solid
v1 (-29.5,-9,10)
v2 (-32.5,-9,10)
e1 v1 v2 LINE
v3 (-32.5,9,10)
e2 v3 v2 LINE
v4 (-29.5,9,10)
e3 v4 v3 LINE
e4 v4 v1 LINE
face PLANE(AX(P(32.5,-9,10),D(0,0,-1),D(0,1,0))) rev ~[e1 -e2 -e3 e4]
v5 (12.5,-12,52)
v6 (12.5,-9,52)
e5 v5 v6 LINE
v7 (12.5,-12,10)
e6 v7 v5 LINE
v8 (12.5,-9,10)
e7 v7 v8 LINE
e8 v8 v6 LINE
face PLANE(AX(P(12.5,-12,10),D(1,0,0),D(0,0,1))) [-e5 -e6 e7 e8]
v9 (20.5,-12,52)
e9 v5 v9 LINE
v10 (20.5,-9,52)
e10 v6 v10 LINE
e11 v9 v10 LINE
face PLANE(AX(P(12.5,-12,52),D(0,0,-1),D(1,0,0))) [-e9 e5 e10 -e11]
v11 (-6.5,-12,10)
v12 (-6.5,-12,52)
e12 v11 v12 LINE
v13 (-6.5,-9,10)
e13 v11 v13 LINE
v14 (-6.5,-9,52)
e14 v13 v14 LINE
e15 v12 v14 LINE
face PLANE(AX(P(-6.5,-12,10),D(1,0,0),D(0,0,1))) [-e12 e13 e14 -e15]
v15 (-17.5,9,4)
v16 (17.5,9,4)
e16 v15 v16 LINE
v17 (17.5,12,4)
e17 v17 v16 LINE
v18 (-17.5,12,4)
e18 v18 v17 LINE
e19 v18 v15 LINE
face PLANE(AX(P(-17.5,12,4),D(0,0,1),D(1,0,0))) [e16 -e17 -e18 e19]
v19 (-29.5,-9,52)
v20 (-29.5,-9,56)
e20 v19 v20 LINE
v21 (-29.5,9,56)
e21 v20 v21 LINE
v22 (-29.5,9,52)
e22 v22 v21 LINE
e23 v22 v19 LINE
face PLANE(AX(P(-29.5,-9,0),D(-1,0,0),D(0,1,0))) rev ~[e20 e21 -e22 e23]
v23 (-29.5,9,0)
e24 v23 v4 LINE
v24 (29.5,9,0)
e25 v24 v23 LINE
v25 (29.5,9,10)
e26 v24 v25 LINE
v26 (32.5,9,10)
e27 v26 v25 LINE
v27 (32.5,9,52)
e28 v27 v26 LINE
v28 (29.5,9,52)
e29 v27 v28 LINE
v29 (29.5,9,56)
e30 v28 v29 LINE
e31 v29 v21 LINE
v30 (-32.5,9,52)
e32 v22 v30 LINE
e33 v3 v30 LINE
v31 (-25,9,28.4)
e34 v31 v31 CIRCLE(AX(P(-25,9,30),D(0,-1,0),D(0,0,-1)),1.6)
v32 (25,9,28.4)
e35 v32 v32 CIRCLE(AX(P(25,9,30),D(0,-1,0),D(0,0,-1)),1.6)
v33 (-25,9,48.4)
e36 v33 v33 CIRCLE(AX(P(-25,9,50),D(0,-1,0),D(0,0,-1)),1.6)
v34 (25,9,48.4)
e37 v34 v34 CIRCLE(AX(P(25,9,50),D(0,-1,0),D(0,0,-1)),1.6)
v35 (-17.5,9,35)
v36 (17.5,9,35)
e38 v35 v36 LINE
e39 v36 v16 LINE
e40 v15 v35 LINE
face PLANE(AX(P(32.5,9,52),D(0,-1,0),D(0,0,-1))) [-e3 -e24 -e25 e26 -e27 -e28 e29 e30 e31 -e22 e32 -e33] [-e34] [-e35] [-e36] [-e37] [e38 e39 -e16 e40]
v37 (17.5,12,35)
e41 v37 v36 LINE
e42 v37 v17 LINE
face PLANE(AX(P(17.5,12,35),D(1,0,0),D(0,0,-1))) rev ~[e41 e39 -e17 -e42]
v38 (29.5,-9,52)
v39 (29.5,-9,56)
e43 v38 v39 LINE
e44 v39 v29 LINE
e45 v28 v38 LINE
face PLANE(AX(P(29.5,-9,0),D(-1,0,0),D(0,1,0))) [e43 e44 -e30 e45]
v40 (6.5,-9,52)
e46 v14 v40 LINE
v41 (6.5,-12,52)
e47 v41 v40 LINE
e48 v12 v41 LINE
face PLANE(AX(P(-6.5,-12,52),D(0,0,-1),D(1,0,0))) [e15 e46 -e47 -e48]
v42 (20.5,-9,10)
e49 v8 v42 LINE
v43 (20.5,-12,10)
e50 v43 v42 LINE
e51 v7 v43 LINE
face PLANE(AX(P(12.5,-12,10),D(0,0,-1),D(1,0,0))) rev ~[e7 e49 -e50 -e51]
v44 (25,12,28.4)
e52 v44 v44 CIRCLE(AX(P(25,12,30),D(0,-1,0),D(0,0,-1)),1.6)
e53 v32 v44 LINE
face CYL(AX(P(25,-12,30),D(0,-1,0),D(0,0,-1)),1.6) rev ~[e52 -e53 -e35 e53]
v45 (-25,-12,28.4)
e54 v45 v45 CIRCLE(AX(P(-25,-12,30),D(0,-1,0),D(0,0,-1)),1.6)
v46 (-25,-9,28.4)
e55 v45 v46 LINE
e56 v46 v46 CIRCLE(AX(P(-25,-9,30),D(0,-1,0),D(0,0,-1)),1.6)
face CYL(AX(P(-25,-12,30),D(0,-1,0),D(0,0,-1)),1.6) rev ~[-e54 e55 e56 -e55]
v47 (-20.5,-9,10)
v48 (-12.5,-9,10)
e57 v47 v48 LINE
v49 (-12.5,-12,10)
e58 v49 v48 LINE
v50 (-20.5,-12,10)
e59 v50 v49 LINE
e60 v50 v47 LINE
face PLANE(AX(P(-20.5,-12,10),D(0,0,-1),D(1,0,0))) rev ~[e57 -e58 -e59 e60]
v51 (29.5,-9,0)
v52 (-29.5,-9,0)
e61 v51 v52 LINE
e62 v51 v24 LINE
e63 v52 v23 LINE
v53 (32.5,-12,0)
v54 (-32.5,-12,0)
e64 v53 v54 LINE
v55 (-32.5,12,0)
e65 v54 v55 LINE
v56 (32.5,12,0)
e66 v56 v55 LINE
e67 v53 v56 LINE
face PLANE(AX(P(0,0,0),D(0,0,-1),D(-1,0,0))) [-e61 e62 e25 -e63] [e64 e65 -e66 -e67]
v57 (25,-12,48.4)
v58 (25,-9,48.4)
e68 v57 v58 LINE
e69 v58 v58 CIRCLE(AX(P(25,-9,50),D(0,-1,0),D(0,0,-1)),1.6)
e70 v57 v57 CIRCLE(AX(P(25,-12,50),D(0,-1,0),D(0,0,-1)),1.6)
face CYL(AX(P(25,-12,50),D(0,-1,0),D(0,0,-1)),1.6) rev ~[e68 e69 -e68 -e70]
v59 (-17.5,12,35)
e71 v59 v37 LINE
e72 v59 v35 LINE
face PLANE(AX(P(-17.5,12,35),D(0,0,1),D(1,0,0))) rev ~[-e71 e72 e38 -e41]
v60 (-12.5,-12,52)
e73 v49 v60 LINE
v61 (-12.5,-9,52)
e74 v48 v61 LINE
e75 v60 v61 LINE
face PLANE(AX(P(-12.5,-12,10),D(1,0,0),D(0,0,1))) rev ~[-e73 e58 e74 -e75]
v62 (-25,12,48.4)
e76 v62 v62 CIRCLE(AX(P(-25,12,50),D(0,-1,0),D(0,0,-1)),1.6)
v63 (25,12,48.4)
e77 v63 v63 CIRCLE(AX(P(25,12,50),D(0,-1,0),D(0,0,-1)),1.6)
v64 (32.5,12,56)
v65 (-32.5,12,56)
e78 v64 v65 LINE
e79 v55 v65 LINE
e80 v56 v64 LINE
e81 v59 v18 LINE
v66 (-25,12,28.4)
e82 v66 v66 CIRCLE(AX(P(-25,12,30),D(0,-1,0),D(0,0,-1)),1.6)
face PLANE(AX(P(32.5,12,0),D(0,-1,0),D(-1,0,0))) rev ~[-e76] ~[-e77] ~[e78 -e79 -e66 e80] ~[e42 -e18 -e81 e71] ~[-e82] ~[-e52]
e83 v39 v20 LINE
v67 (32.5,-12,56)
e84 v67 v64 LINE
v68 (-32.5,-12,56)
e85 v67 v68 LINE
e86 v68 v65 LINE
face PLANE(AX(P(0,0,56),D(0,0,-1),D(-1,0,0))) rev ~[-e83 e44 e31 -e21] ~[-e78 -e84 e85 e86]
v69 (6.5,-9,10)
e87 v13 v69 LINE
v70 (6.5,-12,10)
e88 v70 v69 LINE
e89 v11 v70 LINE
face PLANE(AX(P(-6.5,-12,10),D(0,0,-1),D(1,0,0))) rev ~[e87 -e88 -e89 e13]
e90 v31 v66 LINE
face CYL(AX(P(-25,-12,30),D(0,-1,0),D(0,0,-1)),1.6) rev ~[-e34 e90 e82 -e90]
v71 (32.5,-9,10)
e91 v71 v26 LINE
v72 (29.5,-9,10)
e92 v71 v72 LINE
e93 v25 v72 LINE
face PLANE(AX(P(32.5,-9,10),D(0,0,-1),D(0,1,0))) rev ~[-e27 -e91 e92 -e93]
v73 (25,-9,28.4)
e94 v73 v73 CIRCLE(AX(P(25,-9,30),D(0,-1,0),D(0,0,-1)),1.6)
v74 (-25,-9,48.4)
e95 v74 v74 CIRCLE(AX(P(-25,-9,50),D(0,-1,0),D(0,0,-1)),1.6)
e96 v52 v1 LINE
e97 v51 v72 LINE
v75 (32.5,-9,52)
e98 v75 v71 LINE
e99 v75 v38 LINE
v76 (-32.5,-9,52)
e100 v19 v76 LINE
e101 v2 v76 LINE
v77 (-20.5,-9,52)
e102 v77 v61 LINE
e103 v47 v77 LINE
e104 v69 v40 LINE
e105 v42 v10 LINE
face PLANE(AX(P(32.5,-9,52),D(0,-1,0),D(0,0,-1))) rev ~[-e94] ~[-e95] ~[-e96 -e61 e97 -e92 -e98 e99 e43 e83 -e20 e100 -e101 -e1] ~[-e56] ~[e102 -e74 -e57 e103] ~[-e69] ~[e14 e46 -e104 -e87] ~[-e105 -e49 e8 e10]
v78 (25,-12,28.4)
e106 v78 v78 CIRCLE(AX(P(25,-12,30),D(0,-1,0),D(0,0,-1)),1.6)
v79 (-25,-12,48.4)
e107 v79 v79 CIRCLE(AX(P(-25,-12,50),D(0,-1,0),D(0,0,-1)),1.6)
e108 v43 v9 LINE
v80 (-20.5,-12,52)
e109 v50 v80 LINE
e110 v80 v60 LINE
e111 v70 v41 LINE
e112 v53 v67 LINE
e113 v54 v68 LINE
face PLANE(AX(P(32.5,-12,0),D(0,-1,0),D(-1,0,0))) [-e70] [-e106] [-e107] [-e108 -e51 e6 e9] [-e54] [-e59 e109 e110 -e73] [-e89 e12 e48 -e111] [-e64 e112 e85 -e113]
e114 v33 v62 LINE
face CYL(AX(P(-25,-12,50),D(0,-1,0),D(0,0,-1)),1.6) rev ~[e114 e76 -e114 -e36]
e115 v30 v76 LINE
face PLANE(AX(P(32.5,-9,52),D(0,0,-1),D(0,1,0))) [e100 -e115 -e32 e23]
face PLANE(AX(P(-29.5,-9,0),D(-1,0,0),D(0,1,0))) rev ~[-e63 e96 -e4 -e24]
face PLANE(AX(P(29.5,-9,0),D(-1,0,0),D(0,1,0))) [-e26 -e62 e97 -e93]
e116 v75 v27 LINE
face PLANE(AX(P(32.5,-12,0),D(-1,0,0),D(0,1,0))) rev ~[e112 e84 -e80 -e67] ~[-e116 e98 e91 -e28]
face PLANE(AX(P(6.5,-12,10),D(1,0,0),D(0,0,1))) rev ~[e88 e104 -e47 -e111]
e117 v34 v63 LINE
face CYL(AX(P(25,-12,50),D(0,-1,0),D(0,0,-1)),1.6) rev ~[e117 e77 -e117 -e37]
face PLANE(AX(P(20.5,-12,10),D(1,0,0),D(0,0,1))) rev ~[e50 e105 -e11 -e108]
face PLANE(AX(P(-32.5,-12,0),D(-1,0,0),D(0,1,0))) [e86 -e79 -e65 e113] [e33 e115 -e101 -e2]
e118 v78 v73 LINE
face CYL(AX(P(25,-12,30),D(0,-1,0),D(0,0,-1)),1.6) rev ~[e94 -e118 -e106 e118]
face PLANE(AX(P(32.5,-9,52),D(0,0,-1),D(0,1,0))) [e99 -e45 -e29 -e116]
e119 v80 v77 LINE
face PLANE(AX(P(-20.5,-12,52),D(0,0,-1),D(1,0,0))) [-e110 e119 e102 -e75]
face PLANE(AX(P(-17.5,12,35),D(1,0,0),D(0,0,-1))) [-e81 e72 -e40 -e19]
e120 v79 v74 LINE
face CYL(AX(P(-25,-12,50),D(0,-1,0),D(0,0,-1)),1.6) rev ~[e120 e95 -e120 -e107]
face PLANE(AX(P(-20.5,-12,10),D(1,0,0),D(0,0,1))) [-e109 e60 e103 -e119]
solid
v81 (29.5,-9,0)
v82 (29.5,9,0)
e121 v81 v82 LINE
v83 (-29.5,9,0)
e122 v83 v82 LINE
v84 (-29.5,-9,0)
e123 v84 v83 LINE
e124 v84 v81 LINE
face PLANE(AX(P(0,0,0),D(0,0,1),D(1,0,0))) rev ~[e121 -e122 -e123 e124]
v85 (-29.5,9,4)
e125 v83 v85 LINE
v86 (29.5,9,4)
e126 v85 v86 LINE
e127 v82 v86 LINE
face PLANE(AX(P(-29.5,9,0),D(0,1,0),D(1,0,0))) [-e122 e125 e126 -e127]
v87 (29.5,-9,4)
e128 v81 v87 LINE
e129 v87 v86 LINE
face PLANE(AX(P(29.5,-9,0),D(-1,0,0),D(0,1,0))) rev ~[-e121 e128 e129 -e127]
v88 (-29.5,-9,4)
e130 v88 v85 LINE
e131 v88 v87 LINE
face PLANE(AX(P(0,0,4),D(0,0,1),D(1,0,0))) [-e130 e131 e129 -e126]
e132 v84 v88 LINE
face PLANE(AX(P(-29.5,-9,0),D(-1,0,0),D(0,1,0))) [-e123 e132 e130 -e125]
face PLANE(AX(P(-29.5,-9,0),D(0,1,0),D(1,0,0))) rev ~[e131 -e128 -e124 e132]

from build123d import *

# Parameters (mm, degrees)
SKETCH_1_W          = 59
SKETCH_1_H          = 18
EXTRUDE_1_DEPTH     = 4
SKETCH_2_W          = 65
SKETCH_2_H          = 24
SKETCH_2_W_2        = 59
SKETCH_2_H_2        = 18
EXTRUDE_3_DEPTH     = 56
SKETCH_3_W          = 35
SKETCH_3_H          = 31
CUT_EXTRUDE_1_DEPTH = 3
SKETCH_4_R          = 1.6
CUT_EXTRUDE_2_DEPTH = 70.052516247
SKETCH_5_W          = 42
SKETCH_5_H          = 18
CUT_EXTRUDE_3_DEPTH = 87.631403082
SKETCH_6_W          = 13
SKETCH_6_H          = 42
SKETCH_6_W_2        = 8
CUT_EXTRUDE_4_DEPTH = 3


with BuildPart() as part:
    # 草图1 → 凸台-拉伸1 (new body)
    with BuildSketch(Plane.XY):
        Rectangle(SKETCH_1_W, SKETCH_1_H)
    extrude(amount=EXTRUDE_1_DEPTH)


with BuildPart() as body_2:
    # 草图2 → 凸台-拉伸3 (new body)
    with BuildSketch(Plane(origin=(0, 0, 0), x_dir=(-1, 0, 0), z_dir=(0, 0, -1))):
        Rectangle(SKETCH_2_W, SKETCH_2_H)
        Rectangle(SKETCH_2_W_2, SKETCH_2_H_2, mode=Mode.SUBTRACT)
    extrude(amount=-EXTRUDE_3_DEPTH)

    # 草图3 → 切除-拉伸1 (cut)
    with BuildSketch(Plane(origin=(0, 12, 0), x_dir=(1, 0, 0), z_dir=(0, 1, 0))):
        with Locations((0, -19.5)):
            Rectangle(SKETCH_3_W, SKETCH_3_H)
    extrude(amount=-CUT_EXTRUDE_1_DEPTH, mode=Mode.SUBTRACT)

    # 草图4 → 切除-拉伸2 (cut, through all)
    with BuildSketch(Plane.XZ.offset(12)):
        with Locations(Location((25, 50, 0), (0, 0, 270))):
            Circle(SKETCH_4_R)
        with Locations(Location((25, 30, 0), (0, 0, 270))):
            Circle(SKETCH_4_R)
        with Locations(Location((-25, 30, 0), (0, 0, 270))):
            Circle(SKETCH_4_R)
        with Locations(Location((-25, 50, 0), (0, 0, 270))):
            Circle(SKETCH_4_R)
    extrude(amount=-CUT_EXTRUDE_2_DEPTH, mode=Mode.SUBTRACT)

    # 草图5 → 切除-拉伸3 (cut, through all)
    with BuildSketch(Plane(origin=(32.5, 0, 0), x_dir=(0, 0, -1), z_dir=(1, 0, 0))):
        with Locations((-31, 0)):
            Rectangle(SKETCH_5_W, SKETCH_5_H)
    extrude(amount=-CUT_EXTRUDE_3_DEPTH, mode=Mode.SUBTRACT)

    # 草图6 → 切除-拉伸4 (cut)
    with BuildSketch(Plane.XZ.offset(12)):
        with Locations((0, 31)):
            Rectangle(SKETCH_6_W, SKETCH_6_H)
        with Locations((16.5, 31)):
            Rectangle(SKETCH_6_W_2, SKETCH_6_H)
        with Locations((-16.5, 31)):
            Rectangle(SKETCH_6_W_2, SKETCH_6_H)
    extrude(amount=-CUT_EXTRUDE_4_DEPTH, mode=Mode.SUBTRACT)


solid = Compound([part.part, body_2.part])
